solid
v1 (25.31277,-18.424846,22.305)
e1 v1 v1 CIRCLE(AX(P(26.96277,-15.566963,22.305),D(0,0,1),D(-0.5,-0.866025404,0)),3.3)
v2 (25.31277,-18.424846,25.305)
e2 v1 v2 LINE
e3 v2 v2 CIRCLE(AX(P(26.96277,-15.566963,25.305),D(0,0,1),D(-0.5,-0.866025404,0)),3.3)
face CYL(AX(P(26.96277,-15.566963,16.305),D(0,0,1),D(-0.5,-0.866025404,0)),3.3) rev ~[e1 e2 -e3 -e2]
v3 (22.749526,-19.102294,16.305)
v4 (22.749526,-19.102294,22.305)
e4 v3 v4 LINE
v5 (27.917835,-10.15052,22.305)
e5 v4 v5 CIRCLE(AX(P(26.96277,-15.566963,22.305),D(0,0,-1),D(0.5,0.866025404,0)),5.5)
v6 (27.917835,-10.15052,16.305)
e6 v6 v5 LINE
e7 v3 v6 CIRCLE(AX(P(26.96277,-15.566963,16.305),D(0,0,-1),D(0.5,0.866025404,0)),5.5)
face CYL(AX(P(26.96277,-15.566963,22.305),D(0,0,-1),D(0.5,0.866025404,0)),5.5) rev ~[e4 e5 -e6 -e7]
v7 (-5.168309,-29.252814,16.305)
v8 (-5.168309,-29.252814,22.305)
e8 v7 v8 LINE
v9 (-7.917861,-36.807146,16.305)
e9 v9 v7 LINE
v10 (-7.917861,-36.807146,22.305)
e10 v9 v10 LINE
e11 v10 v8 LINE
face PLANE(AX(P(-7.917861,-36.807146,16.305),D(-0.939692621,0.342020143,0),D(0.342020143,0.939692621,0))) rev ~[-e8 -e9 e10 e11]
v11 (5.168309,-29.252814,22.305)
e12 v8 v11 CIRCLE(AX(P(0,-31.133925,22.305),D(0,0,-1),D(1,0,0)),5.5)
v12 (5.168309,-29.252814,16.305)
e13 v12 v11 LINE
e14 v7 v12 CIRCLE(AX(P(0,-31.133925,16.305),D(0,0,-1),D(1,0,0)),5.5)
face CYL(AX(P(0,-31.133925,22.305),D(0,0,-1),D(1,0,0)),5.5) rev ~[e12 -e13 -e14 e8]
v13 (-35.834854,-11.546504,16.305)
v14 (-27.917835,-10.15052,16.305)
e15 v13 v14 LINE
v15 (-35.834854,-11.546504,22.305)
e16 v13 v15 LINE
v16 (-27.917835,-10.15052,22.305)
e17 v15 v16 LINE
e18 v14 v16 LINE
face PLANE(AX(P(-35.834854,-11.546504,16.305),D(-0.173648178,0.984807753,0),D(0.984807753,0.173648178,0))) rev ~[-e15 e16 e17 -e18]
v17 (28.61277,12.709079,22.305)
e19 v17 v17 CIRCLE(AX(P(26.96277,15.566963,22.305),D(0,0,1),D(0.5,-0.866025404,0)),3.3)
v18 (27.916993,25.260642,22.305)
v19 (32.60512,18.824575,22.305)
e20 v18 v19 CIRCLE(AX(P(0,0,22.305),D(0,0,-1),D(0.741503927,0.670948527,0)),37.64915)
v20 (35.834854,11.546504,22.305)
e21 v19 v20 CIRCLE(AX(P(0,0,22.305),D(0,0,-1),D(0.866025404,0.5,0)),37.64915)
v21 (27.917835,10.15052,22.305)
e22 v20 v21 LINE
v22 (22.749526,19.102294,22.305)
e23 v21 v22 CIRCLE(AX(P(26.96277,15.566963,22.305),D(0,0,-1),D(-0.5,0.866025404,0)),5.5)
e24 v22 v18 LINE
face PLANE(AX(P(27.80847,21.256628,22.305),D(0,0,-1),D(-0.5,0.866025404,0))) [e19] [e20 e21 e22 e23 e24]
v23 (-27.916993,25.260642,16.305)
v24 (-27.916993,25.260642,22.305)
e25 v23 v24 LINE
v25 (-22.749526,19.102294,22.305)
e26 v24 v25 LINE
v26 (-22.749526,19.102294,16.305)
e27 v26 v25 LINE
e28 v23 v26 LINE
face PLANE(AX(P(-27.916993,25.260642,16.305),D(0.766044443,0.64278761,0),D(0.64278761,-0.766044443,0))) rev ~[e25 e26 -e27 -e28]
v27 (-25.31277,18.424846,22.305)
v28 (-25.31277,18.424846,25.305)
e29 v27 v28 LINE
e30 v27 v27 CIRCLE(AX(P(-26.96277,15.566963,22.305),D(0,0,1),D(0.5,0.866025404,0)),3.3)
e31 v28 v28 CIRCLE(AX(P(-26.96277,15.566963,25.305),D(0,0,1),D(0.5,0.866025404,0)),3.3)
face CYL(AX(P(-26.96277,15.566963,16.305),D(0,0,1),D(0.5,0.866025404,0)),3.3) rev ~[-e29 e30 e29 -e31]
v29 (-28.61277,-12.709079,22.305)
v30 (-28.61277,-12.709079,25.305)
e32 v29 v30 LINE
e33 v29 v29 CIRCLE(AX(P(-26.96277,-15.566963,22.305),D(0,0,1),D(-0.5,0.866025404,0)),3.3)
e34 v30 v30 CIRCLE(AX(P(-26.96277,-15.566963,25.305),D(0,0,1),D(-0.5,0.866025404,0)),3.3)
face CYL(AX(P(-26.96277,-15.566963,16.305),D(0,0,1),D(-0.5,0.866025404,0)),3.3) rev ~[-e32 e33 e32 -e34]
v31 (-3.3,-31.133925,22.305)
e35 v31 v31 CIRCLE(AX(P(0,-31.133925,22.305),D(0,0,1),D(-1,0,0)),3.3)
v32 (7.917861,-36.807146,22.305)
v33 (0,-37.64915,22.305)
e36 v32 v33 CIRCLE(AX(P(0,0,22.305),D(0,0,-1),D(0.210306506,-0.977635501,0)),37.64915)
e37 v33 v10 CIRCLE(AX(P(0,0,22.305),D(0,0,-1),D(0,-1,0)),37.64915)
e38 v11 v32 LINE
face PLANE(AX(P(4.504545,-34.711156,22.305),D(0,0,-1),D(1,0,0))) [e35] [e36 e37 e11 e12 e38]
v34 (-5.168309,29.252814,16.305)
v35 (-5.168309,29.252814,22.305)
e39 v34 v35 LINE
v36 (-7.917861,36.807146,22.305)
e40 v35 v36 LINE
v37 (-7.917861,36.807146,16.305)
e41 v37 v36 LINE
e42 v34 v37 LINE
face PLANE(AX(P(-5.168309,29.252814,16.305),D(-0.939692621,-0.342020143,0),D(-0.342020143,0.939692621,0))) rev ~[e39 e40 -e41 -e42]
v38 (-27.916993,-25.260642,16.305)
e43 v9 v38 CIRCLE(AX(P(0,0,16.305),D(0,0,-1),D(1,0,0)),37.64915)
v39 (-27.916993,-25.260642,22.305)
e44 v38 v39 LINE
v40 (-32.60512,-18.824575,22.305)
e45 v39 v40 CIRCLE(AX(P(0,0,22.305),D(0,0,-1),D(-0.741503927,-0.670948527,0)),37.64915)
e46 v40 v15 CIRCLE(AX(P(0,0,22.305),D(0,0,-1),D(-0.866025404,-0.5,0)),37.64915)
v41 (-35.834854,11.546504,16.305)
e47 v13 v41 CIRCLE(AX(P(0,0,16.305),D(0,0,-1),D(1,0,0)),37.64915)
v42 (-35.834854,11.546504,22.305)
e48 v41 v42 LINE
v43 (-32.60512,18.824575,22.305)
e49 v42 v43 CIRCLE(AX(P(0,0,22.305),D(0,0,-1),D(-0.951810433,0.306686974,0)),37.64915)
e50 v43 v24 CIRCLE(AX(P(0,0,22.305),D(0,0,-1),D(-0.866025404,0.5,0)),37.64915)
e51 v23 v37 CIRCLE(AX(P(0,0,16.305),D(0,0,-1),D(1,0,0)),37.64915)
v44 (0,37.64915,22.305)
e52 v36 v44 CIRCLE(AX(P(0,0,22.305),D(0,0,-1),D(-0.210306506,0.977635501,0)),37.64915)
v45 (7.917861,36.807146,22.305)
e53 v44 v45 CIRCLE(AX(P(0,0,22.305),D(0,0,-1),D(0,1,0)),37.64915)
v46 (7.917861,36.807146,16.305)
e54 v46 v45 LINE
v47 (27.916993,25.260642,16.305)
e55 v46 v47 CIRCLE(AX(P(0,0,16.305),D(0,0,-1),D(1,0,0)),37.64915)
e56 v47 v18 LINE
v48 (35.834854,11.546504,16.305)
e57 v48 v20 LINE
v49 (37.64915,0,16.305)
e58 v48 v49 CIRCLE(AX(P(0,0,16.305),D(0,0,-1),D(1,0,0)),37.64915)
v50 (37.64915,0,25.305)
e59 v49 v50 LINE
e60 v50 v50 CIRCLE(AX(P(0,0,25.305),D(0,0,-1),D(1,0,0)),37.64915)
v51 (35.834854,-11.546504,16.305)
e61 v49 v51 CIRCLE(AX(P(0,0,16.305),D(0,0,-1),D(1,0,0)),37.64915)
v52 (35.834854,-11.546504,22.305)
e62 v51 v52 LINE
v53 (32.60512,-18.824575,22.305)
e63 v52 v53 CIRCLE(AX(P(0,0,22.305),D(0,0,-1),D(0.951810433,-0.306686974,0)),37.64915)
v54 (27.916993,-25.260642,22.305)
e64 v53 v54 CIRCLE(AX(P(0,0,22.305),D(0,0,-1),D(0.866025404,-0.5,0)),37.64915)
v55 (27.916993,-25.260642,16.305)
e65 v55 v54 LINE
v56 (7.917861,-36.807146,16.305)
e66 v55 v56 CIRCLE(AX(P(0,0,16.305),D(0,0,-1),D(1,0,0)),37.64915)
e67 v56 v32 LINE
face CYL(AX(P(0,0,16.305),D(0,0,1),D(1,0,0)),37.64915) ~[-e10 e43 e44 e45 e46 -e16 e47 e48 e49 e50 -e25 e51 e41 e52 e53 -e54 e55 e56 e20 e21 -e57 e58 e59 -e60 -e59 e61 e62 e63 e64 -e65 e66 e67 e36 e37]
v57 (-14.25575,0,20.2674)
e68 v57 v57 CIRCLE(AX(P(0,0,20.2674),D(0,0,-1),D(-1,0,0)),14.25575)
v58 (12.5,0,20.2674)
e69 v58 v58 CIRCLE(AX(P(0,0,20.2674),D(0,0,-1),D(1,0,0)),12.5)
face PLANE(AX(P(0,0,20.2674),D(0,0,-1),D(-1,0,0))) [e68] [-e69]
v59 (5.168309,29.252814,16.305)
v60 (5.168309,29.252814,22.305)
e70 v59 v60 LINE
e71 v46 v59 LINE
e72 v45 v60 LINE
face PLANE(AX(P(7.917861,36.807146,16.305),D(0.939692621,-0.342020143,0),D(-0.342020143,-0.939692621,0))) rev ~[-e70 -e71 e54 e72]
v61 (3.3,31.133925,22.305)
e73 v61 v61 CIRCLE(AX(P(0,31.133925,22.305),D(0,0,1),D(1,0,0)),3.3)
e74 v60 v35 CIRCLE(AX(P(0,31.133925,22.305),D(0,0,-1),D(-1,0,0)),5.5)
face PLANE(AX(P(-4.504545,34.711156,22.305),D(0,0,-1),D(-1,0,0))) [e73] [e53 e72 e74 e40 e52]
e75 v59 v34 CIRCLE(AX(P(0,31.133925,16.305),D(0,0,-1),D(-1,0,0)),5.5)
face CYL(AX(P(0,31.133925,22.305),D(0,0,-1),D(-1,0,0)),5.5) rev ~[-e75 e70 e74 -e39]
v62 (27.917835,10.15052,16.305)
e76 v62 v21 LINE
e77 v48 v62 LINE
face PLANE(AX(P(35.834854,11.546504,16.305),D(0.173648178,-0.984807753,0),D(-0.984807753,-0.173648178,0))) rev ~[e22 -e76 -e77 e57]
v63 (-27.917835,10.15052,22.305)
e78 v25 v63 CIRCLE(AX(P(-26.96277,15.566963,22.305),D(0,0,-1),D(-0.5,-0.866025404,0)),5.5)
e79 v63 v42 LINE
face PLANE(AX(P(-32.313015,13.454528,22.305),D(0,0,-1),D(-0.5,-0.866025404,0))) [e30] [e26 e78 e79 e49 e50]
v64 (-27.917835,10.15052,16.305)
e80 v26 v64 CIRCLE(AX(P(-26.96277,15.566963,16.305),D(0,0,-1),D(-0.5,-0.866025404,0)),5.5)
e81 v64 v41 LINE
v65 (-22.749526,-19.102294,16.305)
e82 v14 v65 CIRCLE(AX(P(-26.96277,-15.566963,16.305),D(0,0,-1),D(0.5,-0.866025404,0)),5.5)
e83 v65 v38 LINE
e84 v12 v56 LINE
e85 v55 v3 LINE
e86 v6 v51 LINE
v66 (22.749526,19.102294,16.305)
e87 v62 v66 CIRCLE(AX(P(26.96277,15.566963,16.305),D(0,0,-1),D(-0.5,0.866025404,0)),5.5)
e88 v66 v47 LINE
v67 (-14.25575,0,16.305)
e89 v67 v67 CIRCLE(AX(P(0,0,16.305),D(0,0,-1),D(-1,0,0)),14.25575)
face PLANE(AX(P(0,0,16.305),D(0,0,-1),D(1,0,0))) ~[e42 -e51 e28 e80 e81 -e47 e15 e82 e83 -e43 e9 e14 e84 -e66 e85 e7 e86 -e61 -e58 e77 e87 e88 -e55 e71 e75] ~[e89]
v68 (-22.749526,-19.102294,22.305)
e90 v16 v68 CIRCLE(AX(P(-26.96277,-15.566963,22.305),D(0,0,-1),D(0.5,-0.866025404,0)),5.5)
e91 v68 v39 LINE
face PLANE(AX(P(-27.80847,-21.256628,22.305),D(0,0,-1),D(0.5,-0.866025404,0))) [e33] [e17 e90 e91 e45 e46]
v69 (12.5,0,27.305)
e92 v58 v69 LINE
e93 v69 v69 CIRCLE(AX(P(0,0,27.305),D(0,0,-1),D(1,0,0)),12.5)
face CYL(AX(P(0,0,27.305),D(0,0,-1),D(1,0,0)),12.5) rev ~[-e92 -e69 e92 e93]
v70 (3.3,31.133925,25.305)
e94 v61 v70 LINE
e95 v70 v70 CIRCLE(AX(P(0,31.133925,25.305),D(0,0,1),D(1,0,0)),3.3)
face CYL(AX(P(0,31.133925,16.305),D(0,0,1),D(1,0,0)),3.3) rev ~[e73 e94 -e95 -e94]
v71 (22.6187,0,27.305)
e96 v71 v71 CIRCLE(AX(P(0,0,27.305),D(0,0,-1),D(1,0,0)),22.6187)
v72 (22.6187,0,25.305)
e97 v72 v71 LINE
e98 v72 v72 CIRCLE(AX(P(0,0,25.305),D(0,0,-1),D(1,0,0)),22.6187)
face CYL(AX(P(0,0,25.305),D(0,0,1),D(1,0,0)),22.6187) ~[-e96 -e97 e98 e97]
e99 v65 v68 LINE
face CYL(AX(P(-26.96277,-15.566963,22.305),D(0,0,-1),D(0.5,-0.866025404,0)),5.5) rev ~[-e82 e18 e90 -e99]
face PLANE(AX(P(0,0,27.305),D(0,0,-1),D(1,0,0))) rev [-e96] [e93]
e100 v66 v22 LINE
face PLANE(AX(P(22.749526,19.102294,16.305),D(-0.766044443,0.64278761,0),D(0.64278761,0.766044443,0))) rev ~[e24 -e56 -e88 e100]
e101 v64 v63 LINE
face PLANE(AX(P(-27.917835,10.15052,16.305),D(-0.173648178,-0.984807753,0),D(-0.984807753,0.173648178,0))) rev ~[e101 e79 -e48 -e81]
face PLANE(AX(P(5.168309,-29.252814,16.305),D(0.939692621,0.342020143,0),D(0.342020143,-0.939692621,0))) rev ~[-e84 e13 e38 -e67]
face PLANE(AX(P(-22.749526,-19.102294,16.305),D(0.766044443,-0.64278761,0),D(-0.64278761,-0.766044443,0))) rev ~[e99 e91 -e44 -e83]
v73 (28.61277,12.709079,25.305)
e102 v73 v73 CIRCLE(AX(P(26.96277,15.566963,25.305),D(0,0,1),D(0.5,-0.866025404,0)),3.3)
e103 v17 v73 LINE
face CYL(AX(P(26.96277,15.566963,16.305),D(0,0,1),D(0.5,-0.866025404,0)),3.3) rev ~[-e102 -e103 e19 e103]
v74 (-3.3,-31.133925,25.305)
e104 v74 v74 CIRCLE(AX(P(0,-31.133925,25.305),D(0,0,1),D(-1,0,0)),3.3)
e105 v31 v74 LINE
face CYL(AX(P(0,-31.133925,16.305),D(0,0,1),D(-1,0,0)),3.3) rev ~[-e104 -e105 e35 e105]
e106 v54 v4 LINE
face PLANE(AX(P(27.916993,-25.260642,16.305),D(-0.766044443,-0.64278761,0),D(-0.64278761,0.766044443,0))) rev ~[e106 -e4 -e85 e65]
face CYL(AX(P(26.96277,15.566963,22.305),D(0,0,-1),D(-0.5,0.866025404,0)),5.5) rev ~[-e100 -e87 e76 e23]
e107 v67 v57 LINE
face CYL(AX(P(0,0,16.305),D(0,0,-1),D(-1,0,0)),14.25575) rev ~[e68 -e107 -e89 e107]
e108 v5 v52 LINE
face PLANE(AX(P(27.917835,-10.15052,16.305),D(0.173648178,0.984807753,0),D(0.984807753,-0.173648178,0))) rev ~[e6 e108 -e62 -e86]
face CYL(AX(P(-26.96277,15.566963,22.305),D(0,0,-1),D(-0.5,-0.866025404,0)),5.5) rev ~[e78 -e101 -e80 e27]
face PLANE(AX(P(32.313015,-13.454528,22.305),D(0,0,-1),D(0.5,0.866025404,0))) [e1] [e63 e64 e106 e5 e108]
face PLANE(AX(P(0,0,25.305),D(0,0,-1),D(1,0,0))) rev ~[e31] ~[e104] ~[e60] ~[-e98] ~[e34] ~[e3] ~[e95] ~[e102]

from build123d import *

# Parameters (mm, degrees)
SKETCH_SPINDLE_SKELETON_W      = 1.000000064
SKETCH_SPINDLE_SKELETON_H      = 10.1187
CUT_CENTER_DEPTH               = 54.999231402
CUT_CENTER_DEPTH_BACK          = 54.999231402
SKETCH_CENTER_CUT_R            = 12.5
CBORE_FOR_M6_SHCS1_D           = 6.6
CBORE_FOR_M6_SHCS1_CBORE_D     = 11
CBORE_FOR_M6_SHCS1_CBORE_DEPTH = 6
CIRPATTERN1_COUNT              = 6
SKETCH1_R                      = 14.25575
CUT_EXTRUDE1_DEPTH             = 3.9624
CUT_EXTRUDE2_DEPTH             = 6
CIRPATTERN2_COUNT              = 6


with BuildPart() as part:
    # Sketch Spindle Skeleton → Main Revolve (revolve)
    with BuildSketch(Plane(origin=(0, 0, 0), x_dir=(0, 0, -1), z_dir=(1, 0, 0)), mode=Mode.PRIVATE) as main_revolve_sk:
        Polygon((-25.304999936, 12.5), (-25.304999936, 9.525), (-16.304999902, 9.525), (-16.304999902, 37.64915), (-25.304999936, 37.64915), (-25.304999936, 22.6187), (-26.304999936, 22.6187), (-26.304999936, 12.5), align=None)
        with Locations((-26.804999968, 17.55935)):
            Rectangle(SKETCH_SPINDLE_SKELETON_W, SKETCH_SPINDLE_SKELETON_H)
    revolve(main_revolve_sk.sketch.rotate(Axis((0, 0, 1000), (0, 0, -1)), 90), axis=Axis((0, 0, 1000), (0, 0, -1)))

    # Sketch Center Cut → Cut Center (cut, two sides: drawn at the far end of the back side and taken through both)
    with BuildSketch(Plane.XY.offset(25.304999936).offset(-CUT_CENTER_DEPTH_BACK)):
        Circle(SKETCH_CENTER_CUT_R)
    extrude(amount=CUT_CENTER_DEPTH + CUT_CENTER_DEPTH_BACK, mode=Mode.SUBTRACT)

    # CBORE for M6 SHCS1 (through all)
    with Locations(Plane(origin=(0, 0, 16.304999902), x_dir=(-1, 0, 0), z_dir=(0, 0, -1))):
        with Locations((0, 31.133925032)):
            cbore_for_m6_shcs1 = CounterBoreHole(CBORE_FOR_M6_SHCS1_D / 2, CBORE_FOR_M6_SHCS1_CBORE_D / 2, CBORE_FOR_M6_SHCS1_CBORE_DEPTH)

    # CirPattern1: CBORE for M6 SHCS1 ×6 about axis
    cirpattern1_axis = Axis((0, 0, 0), (0, 0, 1))
    for i in range(1, CIRPATTERN1_COUNT):
        add(cbore_for_m6_shcs1.rotate(cirpattern1_axis, i * 360 / CIRPATTERN1_COUNT), mode=Mode.SUBTRACT)

    # Sketch1 → Cut-Extrude1 (cut)
    with BuildSketch(Plane(origin=(0, 0, 16.304999902), x_dir=(-1, 0, 0), z_dir=(0, 0, -1))):
        Circle(SKETCH1_R)
    extrude(amount=-CUT_EXTRUDE1_DEPTH, mode=Mode.SUBTRACT)

    # Sketch2 → Cut-Extrude2 (cut)
    with BuildSketch(Plane(origin=(0, 0, 16.304999902), x_dir=(-1, 0, 0), z_dir=(0, 0, -1))):
        with BuildLine():
            ThreePointArc((5.5, 31.133925032), (5.416442642, 30.178860055), (5.168309414, 29.252814244))
            Line((5.168309414, 29.252814244), (7.917861182, 36.807145638))
            ThreePointArc((7.917861182, 36.807145638), (3.98125285, 37.438057127), (0, 37.64915))
            Line((0, 37.64915), (0, 36.633925032))
            ThreePointArc((0, 36.633925032), (3.889087297, 35.023012329), (5.5, 31.133925032))
        make_face()
        with BuildLine():
            Line((-7.917861182, 36.807145638), (-5.168309414, 29.252814244))
            ThreePointArc((-5.168309414, 29.252814244), (-4.505336244, 34.288595432), (0, 36.633925032))
            Line((0, 36.633925032), (0, 37.64915))
            ThreePointArc((0, 37.64915), (-3.98125285, 37.438057127), (-7.917861182, 36.807145638))
        make_face()
    cut_extrude2 = extrude(amount=-CUT_EXTRUDE2_DEPTH, mode=Mode.SUBTRACT)

    # CirPattern2: Cut-Extrude2 ×6 about axis
    cirpattern2_axis = Axis((0, 0, 0), (0, 0, 1))
    for i in range(1, CIRPATTERN2_COUNT):
        add(cut_extrude2.rotate(cirpattern2_axis, i * 360 / CIRPATTERN2_COUNT), mode=Mode.SUBTRACT)


solid = part.part
